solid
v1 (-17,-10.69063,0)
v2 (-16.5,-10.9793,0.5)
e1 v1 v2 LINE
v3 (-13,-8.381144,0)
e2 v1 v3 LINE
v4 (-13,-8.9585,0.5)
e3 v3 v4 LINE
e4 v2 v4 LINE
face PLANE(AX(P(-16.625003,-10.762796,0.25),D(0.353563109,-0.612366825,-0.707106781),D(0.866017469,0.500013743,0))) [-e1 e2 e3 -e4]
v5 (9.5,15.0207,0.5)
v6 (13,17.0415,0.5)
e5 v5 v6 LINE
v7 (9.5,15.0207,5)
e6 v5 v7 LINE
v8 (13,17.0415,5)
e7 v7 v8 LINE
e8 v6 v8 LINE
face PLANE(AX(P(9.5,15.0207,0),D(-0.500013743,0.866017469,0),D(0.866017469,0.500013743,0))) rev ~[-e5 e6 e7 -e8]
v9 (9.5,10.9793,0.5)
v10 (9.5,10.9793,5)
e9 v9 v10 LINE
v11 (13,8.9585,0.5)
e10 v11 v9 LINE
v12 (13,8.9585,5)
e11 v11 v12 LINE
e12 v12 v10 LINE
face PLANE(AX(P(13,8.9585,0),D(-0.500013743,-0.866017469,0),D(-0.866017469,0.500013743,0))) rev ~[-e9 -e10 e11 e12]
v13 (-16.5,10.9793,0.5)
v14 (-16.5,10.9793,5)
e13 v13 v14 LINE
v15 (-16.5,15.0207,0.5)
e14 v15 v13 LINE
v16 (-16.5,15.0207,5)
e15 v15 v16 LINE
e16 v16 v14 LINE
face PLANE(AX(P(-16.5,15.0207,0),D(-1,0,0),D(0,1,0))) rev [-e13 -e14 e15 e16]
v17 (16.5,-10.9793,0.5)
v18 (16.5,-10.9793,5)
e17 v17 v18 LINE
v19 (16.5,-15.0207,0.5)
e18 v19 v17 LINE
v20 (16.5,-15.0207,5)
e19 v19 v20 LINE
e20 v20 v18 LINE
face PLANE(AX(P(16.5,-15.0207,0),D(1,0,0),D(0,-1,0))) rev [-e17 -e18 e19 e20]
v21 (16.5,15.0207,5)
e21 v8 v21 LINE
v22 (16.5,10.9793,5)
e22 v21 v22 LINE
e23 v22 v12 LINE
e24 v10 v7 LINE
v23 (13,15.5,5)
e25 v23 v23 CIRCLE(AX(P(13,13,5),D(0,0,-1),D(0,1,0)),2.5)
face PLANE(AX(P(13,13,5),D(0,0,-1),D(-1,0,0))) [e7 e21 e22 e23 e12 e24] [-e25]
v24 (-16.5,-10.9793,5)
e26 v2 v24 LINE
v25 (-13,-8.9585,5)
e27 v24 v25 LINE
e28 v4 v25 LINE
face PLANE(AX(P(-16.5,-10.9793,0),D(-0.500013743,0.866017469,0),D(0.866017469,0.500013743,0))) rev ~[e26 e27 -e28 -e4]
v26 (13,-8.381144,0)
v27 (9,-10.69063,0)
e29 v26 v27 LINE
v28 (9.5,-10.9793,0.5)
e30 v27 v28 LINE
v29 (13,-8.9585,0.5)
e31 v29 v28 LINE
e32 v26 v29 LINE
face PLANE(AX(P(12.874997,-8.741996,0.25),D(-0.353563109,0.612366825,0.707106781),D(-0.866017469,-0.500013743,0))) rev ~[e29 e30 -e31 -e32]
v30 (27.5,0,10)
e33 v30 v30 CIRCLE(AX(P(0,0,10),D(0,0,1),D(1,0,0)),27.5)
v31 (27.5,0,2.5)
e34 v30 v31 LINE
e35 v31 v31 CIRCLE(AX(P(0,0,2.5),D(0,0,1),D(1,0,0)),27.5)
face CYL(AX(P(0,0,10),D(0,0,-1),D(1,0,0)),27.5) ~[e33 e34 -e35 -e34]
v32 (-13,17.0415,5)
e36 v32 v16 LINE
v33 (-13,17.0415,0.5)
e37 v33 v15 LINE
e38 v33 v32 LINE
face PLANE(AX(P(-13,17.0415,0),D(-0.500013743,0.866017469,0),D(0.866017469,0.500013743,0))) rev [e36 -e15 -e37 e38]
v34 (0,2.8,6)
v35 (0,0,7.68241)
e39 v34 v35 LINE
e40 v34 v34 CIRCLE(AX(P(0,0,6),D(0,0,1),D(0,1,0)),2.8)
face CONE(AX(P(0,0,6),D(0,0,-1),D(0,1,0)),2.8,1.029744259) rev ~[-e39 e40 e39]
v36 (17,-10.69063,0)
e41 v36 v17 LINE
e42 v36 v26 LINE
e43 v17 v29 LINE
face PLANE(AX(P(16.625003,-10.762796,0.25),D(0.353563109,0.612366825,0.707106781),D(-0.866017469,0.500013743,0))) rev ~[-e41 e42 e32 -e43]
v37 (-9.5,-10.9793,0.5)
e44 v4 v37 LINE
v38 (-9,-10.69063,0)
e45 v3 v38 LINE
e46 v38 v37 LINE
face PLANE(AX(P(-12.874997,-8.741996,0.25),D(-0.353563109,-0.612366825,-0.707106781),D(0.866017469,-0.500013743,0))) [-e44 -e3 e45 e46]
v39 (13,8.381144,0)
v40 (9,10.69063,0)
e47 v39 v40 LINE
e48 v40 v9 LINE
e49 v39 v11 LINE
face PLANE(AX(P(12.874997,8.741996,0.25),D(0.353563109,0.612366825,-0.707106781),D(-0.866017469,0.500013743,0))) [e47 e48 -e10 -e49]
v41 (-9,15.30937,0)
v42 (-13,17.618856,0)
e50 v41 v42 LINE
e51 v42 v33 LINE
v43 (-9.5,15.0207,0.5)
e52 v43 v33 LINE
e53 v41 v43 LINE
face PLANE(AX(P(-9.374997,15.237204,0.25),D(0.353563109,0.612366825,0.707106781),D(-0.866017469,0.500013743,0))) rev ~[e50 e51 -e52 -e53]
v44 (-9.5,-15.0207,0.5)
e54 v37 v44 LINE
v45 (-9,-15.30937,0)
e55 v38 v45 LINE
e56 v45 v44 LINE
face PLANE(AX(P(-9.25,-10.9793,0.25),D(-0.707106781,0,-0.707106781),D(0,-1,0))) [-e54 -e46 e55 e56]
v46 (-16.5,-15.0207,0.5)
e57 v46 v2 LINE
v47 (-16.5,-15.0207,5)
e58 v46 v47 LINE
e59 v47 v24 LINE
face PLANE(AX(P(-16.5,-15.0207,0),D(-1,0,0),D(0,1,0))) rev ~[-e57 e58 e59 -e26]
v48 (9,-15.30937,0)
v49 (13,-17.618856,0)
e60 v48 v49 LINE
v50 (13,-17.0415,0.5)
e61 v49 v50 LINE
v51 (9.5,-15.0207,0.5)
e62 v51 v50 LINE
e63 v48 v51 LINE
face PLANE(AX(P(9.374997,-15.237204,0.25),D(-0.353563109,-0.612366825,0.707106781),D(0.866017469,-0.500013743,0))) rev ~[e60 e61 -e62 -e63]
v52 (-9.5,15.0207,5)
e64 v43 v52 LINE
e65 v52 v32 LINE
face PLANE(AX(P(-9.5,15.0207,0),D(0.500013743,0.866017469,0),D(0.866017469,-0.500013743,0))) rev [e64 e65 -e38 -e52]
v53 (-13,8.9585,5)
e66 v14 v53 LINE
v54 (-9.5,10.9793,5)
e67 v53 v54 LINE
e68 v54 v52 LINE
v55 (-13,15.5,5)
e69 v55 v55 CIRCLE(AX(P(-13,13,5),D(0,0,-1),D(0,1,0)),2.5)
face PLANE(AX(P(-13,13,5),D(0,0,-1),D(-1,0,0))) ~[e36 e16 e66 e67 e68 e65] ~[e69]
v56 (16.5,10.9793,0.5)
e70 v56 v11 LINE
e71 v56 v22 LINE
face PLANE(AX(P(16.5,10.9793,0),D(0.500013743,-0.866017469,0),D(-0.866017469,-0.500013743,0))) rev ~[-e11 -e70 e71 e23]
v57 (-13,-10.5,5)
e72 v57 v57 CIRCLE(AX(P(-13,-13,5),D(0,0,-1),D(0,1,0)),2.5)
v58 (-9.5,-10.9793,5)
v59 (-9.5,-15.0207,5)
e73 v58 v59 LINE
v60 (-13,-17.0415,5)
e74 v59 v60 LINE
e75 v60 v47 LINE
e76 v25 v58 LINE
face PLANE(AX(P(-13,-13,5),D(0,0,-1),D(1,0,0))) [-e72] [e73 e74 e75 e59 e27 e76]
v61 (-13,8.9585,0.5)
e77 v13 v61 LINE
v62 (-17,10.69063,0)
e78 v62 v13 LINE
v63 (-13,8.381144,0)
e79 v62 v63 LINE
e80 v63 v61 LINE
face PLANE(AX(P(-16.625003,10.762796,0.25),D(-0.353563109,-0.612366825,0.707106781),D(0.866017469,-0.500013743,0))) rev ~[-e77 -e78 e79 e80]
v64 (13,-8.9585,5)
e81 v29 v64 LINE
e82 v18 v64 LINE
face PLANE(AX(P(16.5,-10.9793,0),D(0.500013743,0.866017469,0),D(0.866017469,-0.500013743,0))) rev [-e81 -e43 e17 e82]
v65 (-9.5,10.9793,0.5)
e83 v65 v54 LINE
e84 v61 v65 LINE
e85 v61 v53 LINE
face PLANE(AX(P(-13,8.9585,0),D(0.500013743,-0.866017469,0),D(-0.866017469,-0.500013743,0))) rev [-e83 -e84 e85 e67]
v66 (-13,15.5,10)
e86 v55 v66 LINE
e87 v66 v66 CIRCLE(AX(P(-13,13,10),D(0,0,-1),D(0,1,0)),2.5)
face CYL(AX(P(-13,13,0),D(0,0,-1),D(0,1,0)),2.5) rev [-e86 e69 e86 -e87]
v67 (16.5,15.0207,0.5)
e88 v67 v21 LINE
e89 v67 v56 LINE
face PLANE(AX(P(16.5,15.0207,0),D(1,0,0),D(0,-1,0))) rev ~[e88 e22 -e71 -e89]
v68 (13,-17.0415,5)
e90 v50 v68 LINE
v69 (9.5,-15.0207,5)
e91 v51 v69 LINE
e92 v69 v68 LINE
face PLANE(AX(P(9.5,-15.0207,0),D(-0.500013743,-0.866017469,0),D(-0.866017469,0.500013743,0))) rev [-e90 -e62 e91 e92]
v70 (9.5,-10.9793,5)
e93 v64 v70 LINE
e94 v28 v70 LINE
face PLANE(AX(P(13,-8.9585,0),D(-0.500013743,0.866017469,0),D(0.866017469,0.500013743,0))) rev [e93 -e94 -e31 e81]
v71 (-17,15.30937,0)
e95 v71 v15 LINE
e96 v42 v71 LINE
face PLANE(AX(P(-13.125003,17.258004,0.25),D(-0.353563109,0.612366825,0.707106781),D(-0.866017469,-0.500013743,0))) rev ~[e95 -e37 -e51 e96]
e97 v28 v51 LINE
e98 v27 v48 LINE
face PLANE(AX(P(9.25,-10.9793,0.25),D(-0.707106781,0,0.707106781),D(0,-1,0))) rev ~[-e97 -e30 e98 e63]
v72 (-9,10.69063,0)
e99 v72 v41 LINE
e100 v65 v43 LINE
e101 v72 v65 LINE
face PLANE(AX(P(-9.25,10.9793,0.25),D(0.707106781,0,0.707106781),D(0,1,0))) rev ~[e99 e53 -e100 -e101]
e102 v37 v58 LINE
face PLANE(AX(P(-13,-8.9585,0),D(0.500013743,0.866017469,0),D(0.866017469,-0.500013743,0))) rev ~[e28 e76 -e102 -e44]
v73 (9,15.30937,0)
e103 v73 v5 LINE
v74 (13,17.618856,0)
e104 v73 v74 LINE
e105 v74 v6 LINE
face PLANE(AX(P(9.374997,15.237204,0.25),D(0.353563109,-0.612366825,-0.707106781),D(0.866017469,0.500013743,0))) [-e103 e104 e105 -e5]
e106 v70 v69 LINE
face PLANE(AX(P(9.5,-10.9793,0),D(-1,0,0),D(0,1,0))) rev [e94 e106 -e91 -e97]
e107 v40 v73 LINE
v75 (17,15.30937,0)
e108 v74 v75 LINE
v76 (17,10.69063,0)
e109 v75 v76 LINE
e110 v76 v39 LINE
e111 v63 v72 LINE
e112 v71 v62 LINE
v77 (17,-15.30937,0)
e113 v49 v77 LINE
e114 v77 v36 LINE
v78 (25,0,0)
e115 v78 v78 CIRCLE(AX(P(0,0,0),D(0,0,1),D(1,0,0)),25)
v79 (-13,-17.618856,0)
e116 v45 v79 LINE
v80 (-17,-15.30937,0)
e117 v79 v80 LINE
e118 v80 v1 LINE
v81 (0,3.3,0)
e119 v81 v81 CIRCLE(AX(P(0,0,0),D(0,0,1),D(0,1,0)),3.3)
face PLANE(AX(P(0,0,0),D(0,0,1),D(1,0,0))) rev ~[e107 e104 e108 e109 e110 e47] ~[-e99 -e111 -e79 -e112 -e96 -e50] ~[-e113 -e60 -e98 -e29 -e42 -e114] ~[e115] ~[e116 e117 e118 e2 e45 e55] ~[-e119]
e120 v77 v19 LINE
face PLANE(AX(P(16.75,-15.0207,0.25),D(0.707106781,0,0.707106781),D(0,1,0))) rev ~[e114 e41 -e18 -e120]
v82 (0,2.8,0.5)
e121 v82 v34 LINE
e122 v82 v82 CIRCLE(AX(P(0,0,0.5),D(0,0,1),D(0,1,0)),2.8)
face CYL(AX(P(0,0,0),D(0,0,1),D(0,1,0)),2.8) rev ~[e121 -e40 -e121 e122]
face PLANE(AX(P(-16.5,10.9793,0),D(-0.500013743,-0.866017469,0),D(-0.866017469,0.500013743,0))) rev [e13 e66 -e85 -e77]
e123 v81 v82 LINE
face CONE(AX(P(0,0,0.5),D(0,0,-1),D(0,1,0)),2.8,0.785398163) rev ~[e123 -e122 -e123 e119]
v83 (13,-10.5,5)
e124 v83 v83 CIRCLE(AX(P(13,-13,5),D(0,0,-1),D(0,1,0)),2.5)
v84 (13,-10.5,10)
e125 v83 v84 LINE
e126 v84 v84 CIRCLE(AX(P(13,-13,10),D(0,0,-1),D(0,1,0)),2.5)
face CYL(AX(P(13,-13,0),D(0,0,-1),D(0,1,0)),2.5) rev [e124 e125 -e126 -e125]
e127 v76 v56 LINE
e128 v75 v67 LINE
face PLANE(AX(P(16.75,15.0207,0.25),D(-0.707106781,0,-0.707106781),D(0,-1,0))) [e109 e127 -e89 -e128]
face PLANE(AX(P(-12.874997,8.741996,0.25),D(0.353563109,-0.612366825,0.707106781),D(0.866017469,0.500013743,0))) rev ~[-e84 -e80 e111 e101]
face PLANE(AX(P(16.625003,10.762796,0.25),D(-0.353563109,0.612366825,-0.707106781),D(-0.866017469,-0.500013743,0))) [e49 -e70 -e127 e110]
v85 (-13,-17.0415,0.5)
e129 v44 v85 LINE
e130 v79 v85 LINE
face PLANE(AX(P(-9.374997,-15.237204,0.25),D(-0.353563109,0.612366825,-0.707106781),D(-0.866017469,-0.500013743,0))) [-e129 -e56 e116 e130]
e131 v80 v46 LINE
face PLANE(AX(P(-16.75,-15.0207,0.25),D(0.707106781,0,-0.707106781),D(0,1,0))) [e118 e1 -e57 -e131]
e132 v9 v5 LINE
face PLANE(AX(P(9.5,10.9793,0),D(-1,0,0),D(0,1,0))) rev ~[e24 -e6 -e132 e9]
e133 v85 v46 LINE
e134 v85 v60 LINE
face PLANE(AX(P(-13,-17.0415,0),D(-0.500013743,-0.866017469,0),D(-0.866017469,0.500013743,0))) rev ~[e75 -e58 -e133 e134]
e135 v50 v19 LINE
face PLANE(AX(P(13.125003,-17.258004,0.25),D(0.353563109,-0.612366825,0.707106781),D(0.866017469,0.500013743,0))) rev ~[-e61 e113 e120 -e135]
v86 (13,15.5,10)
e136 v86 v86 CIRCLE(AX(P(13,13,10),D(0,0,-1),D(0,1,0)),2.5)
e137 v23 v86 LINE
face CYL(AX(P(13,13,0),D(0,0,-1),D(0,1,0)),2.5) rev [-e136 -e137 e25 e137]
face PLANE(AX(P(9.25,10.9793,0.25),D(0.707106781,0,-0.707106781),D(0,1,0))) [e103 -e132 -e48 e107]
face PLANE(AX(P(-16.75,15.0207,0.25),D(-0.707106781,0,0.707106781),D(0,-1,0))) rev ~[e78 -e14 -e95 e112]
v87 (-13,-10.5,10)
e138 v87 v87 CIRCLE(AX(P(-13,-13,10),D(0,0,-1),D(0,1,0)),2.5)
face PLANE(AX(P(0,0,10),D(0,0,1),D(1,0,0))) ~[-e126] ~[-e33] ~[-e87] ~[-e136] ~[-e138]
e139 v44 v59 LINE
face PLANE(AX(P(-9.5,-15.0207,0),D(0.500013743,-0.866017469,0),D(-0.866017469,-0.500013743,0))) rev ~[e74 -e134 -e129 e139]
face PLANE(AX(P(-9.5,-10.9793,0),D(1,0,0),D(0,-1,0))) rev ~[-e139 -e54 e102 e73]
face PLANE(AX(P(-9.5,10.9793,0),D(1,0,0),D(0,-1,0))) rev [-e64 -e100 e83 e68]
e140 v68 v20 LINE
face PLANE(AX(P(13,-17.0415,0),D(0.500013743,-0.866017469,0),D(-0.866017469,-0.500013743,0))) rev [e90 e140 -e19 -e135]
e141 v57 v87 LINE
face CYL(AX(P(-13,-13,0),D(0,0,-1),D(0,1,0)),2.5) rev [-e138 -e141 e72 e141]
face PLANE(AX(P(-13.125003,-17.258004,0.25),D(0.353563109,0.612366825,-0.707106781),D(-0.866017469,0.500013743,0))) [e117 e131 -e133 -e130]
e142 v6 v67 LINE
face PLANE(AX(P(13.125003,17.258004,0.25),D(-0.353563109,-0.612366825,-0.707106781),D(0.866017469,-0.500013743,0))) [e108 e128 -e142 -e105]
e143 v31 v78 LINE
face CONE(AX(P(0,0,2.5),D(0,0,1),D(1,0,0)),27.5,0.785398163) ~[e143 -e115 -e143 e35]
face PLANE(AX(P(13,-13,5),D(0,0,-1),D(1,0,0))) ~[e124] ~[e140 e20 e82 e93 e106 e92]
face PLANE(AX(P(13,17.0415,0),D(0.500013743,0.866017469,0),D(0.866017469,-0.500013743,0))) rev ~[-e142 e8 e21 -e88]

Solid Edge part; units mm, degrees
sketch "Sketch1" plane through (0, 0, 0) normal (0, -1, 0) x (1, 0, 0)
  line L0 (0, 10) -> (27.5, 10)
  line L1 (27.5, 10) -> (27.5, 0)
  line L2 (27.5, 0) -> (0, 0)
  dimension "D1" = 10
revolve "RevolvedProtrusion1" add sketch "Sketch1" angle 360 about axis through (0, 0, 0) along (0, 0, 1)
chamfer "Chamfer1" distance 2.5 angle 45 1 edges at (-27.5, 0, 0)
hole "Hole_1" at (-13, 13, 0) direction (0, 0, 1) diameter 5 end up to next
hole "Hole1" at (-13, -13, 0) direction (0, 0, 1) diameter 5 end up to next
hole "Hole2" at (13, 13, 0) direction (0, 0, 1) diameter 5 end up to next
hole "Hole3" at (13, -13, 0) direction (0, 0, 1) diameter 5 end up to next
hole "Hole_5" at (0, 0, 0) direction (0, 0, 1) diameter 5.6 depth 6 tip angle 118
chamfer "Chamfer_2" distance 0.5 angle 45 1 edges at (0, -2.8, 0)
sketch "Sketch2" plane through (0, 0, 0) normal (0, 0, -1) x (-1, 0, 0)
  line L0 (-16.5, 15.0207) -> (-16.5, 10.9793)
  line L1 (-16.5, 10.9793) -> (-13, 8.9585)
  line L2 (-13, 8.9585) -> (-9.5, 10.9793)
  line L3 (-9.5, 10.9793) -> (-9.5, 15.0207)
  line L4 (-9.5, 15.0207) -> (-13, 17.0415)
  line L5 (-13, 17.0415) -> (-16.5, 15.0207)
  dimension "D1" = 7
extrude "ExtrudedCutout_1" cut sketch "Sketch2" against normal blind 5
chamfer "Chamfer_3" distance 0.5 angle 45 6 edges at (14.75, 16.0311, 0) (11.25, 16.0311, 0) (9.5, 13, 0) (11.25, 9.9689, 0) (14.75, 9.9689, 0) (16.5, 13, 0)
mirror "Mirror1" about plane through (0, 0, 0) normal (1, 0, 0) of "ExtrudedCutout_1"
chamfer "Chamfer2" distance 0.5 angle 45 6 edges at (-14.75, 16.0311, 0) (-11.25, 16.0311, 0) (-9.5, 13, 0) (-11.25, 9.9689, 0) (-14.75, 9.9689, 0) (-16.5, 13, 0)
mirror "Mirror2" about plane through (0, 0, 0) normal (0, -1, 0) of "ExtrudedCutout_1", "Mirror1"
chamfer "Chamfer3" distance 0.5 angle 45 6 edges at (14.75, -16.0311, 0) (11.25, -16.0311, 0) (9.5, -13, 0) (11.25, -9.9689, 0) (14.75, -9.9689, 0) (16.5, -13, 0)
chamfer "Chamfer4" distance 0.5 angle 45 6 edges at (-14.75, -16.0311, 0) (-11.25, -16.0311, 0) (-9.5, -13, 0) (-11.25, -9.9689, 0) (-14.75, -9.9689, 0) (-16.5, -13, 0)
properties material "Polyethylene, low density"
